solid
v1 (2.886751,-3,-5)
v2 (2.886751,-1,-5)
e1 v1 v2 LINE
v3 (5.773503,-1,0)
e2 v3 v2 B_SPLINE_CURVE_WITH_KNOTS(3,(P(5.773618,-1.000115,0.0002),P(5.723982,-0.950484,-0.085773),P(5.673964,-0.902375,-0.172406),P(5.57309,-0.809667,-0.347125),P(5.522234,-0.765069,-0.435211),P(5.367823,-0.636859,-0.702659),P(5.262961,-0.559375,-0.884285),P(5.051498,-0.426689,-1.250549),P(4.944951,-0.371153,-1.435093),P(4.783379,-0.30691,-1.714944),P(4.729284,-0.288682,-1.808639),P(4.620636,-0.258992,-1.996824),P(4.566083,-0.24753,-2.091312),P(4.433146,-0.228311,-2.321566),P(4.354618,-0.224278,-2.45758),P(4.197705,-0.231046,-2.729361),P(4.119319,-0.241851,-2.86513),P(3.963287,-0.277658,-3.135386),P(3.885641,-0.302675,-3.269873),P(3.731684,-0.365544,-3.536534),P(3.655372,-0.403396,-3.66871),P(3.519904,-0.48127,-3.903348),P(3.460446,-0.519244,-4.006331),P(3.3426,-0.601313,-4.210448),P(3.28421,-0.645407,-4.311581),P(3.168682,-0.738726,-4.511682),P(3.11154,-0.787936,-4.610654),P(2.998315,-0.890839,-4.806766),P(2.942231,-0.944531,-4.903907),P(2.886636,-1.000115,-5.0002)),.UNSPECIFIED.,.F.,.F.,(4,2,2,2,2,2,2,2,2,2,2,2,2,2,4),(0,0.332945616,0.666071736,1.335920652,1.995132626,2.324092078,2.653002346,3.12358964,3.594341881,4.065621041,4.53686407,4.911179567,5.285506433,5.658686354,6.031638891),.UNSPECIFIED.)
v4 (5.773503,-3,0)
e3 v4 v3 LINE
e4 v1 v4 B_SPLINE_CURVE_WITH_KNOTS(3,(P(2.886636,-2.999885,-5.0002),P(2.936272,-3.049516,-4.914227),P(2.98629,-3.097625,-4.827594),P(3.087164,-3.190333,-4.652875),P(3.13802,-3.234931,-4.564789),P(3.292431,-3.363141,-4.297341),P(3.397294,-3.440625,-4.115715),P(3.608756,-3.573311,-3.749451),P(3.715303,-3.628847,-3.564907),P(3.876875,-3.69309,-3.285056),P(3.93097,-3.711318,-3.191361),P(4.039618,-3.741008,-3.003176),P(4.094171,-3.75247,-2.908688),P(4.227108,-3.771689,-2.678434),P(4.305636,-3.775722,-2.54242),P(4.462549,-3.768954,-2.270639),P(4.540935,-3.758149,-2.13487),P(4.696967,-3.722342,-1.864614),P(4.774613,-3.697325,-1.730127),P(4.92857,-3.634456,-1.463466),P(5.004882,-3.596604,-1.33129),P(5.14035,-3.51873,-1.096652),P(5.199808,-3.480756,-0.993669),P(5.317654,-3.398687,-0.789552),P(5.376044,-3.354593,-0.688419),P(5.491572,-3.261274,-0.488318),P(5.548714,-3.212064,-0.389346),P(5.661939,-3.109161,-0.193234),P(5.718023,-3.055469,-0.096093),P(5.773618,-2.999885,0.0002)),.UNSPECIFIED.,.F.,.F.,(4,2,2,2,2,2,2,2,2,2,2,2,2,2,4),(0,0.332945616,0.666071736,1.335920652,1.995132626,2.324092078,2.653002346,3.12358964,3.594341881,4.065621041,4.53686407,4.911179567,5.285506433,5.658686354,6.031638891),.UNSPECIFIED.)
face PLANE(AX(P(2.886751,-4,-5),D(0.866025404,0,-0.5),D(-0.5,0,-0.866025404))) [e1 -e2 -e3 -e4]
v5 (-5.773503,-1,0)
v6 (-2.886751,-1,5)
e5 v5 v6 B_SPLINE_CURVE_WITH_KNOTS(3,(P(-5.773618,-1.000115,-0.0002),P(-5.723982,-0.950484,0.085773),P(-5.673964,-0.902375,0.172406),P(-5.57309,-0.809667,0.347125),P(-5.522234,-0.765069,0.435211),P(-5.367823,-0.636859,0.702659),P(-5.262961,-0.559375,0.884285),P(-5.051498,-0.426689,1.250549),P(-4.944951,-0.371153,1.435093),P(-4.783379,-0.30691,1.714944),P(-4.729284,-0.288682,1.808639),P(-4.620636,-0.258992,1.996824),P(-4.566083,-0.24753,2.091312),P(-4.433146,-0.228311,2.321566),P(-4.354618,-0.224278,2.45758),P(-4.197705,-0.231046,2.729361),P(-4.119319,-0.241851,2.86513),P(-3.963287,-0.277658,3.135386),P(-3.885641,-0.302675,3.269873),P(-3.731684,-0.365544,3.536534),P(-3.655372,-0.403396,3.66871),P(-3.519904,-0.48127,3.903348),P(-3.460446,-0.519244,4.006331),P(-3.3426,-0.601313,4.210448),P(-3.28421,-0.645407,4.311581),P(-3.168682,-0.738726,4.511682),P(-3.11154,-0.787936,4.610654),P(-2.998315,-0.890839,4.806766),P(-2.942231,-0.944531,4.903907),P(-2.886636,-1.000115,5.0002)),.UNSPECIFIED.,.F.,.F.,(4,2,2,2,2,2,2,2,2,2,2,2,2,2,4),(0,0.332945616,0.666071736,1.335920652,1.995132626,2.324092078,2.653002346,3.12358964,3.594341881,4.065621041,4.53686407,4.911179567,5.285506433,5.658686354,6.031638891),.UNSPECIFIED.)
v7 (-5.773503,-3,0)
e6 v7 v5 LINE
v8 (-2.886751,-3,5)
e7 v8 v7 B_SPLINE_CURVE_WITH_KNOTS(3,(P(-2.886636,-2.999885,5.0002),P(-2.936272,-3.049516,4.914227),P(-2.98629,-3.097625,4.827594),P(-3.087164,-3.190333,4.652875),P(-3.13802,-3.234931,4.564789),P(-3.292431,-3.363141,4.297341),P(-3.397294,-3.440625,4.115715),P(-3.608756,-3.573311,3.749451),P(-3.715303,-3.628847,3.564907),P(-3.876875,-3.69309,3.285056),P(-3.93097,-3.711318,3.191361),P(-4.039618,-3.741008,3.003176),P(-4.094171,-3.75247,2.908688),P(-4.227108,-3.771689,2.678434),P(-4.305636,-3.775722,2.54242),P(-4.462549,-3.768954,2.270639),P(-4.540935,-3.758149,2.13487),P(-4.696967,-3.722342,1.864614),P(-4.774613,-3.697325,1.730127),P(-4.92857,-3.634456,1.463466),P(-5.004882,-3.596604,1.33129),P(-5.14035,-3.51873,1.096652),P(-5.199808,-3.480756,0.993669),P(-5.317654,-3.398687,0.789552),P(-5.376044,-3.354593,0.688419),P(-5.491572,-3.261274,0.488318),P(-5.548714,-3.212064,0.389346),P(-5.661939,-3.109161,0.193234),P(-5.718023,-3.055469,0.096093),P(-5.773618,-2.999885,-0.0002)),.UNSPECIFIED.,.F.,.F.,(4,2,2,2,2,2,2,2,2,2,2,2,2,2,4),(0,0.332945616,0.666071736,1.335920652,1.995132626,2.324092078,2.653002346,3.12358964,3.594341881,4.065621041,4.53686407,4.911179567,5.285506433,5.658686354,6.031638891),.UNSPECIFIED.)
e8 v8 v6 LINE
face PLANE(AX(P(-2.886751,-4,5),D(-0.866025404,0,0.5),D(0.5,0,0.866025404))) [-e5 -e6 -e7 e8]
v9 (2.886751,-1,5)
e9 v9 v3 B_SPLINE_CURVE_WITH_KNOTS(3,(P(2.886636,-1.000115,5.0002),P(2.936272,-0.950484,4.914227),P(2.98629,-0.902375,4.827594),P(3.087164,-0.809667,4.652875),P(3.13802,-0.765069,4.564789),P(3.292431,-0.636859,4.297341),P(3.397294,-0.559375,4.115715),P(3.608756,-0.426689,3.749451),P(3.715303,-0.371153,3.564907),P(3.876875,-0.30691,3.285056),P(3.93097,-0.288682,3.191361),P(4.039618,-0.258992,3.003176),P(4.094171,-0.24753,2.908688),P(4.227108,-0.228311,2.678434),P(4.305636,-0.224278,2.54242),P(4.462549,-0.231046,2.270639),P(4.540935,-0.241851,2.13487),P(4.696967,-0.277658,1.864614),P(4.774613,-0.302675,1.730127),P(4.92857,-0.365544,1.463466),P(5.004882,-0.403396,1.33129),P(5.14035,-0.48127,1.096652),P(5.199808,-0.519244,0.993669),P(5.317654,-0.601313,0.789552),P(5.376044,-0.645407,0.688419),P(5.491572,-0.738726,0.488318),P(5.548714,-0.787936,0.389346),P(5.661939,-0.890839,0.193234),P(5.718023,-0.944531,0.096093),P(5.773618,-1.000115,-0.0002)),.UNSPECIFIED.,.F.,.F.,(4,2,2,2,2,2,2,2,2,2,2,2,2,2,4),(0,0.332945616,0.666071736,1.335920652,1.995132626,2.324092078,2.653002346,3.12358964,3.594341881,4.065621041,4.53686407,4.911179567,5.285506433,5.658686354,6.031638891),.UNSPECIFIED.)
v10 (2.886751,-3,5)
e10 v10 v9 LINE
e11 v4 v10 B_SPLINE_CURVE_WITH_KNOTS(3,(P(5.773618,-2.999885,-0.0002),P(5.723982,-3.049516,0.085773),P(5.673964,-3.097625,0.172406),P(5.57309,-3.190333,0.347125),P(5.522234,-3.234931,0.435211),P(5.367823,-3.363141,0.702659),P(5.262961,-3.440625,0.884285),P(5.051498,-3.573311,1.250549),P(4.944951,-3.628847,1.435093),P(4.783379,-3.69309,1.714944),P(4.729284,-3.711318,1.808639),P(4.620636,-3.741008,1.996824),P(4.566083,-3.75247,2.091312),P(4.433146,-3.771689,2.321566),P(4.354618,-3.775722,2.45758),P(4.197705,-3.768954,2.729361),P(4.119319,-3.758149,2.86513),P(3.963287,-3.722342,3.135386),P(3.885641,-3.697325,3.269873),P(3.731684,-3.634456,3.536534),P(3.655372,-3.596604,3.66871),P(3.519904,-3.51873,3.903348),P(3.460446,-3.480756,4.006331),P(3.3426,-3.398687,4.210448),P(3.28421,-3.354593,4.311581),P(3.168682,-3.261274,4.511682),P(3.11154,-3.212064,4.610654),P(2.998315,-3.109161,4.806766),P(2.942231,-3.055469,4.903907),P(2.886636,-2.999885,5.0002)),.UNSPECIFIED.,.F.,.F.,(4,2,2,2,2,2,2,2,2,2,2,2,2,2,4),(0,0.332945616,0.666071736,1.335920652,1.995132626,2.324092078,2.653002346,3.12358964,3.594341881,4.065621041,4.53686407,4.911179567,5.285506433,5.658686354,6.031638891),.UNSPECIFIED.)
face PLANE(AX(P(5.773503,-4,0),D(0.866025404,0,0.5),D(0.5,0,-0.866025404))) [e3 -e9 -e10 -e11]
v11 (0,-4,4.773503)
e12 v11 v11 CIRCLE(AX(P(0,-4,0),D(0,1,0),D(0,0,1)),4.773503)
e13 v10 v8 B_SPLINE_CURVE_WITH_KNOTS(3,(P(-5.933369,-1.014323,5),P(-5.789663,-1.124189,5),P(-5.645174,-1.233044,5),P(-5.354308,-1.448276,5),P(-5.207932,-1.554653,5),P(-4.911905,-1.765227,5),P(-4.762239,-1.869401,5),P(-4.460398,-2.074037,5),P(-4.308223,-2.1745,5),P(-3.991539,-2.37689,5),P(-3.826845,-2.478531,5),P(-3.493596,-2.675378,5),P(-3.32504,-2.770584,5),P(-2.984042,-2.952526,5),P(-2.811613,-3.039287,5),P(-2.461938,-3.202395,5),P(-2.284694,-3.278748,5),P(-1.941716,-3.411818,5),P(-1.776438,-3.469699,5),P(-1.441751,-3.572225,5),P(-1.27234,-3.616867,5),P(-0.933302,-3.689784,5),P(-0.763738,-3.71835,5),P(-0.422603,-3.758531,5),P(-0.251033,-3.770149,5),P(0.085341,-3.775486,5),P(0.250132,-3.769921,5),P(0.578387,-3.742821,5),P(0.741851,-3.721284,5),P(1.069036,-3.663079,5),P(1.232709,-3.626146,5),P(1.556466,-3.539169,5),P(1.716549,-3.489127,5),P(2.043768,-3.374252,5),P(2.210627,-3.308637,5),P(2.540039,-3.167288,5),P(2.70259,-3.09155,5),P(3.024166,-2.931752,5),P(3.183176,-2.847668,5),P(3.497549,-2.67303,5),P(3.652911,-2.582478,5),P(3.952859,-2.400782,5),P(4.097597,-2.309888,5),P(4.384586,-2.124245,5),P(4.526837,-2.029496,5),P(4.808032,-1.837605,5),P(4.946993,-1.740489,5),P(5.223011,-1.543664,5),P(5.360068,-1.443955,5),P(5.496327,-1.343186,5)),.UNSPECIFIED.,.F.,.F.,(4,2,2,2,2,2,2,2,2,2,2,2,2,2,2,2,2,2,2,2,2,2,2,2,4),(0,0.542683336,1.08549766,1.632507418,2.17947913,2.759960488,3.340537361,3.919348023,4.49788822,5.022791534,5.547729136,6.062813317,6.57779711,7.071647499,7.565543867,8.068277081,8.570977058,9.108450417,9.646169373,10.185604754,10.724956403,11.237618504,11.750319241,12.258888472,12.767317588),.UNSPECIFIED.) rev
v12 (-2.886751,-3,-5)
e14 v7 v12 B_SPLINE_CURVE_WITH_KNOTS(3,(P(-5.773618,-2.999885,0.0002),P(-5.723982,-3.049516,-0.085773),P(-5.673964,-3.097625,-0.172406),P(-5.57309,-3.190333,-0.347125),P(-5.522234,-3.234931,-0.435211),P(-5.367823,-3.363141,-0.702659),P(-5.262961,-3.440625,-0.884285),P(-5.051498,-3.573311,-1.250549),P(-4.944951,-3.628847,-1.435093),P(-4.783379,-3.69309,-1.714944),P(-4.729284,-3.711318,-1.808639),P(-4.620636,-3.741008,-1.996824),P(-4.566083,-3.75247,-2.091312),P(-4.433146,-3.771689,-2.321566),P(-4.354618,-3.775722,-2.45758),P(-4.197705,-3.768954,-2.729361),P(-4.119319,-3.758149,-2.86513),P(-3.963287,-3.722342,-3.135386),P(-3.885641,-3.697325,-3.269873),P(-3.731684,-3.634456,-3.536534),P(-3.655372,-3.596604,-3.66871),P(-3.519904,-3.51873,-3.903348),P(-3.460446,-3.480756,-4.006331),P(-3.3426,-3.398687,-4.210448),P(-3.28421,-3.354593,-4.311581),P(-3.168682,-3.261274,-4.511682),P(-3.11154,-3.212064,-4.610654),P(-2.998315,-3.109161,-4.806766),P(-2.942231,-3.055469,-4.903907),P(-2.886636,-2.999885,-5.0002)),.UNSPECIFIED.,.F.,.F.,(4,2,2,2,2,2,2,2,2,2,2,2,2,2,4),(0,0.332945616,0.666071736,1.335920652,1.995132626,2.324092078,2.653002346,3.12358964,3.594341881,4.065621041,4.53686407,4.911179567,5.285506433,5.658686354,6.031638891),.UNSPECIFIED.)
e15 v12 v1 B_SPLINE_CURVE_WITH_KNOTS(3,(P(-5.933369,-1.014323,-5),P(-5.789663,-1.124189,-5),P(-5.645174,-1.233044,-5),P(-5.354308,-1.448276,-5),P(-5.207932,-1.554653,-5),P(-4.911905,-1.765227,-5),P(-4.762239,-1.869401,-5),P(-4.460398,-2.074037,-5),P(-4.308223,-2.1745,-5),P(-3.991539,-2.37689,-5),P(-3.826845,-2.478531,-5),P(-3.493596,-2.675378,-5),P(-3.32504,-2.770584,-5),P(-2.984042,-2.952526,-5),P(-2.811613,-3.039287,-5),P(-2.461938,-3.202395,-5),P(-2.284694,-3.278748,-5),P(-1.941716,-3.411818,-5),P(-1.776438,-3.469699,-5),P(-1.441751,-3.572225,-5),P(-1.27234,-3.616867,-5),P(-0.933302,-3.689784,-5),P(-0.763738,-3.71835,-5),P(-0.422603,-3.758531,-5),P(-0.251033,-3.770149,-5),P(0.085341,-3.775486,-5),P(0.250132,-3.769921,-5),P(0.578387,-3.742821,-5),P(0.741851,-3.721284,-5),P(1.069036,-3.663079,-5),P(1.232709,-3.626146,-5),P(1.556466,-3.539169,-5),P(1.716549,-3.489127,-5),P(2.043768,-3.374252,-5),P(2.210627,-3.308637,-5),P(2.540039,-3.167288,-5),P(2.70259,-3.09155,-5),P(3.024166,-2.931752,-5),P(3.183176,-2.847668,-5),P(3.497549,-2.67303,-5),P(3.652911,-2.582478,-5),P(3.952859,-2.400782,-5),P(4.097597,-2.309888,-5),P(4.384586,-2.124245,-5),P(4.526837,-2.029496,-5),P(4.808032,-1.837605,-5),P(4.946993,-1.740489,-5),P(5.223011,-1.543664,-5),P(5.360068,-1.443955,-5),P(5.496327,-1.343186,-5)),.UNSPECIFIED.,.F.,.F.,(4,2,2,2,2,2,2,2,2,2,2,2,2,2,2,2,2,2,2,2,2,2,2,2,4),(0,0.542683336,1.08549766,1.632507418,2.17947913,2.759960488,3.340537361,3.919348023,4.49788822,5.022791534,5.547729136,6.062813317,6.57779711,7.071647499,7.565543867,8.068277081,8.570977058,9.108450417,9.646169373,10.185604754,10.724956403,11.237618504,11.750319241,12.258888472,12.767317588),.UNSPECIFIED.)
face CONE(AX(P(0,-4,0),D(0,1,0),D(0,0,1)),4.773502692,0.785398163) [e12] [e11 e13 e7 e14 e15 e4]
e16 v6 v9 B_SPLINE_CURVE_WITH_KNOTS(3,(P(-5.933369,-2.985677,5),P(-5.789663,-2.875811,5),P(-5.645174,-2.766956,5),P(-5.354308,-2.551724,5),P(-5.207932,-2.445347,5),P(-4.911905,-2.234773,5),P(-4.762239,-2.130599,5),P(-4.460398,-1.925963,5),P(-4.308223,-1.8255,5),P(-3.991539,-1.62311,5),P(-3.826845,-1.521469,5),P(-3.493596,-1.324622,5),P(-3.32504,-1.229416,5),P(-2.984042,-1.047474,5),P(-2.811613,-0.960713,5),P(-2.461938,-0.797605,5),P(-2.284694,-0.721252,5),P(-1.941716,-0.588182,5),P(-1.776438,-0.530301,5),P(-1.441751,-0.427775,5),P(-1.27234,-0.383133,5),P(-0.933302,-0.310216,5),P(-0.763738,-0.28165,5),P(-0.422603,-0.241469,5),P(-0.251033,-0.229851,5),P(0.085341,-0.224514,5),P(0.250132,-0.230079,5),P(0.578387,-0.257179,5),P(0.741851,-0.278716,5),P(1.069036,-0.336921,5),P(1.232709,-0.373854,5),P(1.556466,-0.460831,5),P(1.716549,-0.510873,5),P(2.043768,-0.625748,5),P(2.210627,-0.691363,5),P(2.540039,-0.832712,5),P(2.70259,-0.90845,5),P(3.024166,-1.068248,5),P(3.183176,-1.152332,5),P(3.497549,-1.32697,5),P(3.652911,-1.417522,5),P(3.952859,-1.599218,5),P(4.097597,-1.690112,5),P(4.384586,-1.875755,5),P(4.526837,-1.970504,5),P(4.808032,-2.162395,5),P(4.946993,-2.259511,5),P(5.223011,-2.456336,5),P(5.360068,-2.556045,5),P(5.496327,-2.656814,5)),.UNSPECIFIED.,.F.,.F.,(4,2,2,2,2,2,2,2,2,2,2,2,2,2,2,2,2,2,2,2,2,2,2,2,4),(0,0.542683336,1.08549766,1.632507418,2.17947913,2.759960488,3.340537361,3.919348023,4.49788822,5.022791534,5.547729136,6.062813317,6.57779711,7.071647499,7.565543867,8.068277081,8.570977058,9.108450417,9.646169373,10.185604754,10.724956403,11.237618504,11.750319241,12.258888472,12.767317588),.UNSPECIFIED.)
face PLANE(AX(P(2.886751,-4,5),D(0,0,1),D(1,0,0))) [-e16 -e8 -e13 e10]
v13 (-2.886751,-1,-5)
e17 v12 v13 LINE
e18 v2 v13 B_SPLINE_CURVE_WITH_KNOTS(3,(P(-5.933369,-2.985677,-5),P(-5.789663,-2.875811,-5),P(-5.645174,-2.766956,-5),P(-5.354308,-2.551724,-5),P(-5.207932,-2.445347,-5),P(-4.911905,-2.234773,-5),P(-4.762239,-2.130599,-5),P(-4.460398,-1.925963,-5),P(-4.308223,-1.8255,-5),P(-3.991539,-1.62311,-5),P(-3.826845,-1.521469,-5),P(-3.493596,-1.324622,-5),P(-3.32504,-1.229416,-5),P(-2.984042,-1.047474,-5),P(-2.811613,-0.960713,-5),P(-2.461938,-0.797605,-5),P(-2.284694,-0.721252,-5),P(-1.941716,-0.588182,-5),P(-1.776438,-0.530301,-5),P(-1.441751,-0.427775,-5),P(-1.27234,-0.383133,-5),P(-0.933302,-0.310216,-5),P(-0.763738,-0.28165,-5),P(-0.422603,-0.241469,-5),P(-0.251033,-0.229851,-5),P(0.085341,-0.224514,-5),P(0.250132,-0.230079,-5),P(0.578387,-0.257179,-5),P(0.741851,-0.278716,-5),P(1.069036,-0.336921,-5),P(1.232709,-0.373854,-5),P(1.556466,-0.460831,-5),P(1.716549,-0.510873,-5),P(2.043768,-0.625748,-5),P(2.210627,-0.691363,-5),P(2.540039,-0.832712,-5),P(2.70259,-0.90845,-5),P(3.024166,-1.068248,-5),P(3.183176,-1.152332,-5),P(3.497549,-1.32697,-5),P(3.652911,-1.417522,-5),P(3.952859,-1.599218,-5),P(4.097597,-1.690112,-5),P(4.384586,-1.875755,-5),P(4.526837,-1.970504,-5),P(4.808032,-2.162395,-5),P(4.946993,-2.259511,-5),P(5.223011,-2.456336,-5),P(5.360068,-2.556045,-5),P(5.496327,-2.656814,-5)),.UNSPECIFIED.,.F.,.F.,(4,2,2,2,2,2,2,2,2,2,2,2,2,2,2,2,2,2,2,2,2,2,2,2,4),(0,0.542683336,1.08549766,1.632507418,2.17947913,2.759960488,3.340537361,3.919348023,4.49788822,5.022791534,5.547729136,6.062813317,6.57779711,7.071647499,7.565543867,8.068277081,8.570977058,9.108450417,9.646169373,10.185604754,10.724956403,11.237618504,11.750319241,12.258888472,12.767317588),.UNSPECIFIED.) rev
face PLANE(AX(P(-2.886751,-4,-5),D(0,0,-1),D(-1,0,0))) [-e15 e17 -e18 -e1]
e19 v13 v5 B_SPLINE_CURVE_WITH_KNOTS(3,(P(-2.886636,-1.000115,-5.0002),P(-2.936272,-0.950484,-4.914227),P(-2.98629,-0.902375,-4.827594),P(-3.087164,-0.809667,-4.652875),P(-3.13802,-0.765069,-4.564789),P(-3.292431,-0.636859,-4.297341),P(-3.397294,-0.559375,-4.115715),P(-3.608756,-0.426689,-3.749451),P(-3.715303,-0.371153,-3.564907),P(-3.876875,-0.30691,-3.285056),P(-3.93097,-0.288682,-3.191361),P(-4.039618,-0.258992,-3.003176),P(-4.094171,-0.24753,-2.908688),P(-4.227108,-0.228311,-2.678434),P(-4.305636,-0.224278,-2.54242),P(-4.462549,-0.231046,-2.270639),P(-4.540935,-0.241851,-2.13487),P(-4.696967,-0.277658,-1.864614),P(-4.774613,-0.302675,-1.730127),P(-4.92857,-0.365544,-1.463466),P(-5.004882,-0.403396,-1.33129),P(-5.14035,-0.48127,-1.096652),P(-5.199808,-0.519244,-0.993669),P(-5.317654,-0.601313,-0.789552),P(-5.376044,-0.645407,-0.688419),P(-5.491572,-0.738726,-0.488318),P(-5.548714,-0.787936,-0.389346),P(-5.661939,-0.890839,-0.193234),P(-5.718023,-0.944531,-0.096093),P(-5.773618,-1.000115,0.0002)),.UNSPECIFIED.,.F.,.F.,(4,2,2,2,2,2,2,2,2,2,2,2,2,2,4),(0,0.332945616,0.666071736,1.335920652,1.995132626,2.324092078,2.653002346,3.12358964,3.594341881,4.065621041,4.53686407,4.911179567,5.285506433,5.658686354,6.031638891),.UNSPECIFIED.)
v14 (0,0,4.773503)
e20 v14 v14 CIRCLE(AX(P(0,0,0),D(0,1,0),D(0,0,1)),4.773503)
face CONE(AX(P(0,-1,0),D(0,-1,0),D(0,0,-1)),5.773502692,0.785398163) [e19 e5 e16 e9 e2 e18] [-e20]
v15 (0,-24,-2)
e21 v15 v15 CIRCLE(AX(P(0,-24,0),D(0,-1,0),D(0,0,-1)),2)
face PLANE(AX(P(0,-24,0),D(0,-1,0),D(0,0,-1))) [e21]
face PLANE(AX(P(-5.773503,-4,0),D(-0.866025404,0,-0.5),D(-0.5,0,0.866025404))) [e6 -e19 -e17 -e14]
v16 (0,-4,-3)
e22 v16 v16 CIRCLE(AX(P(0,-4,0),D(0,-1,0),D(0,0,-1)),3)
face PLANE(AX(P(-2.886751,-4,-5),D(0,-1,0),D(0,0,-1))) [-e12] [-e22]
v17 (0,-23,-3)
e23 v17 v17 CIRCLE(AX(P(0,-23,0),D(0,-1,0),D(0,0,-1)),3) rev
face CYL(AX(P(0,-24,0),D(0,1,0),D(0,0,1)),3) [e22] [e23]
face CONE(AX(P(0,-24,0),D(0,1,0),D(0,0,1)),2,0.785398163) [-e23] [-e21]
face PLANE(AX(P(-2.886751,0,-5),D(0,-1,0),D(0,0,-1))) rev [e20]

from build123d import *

# Parameters (mm, degrees)
EXTRUDE_1_DEPTH = 4
SKETCH_2_R      = 3
EXTRUDE_2_DEPTH = 20
CHAMFER_2_SIZE  = 1


with BuildPart() as part:
    # Эскиз1 → Вытянуть1 (new body)
    with BuildSketch(Plane(origin=(0, 0, 0), x_dir=(1, 0, 0), z_dir=(0, 1, 0))):
        Polygon((-2.886751346, 5), (2.886751346, 5), (5.773502692, 0), (2.886751346, -5), (-2.886751346, -5), (-5.773502692, 0), align=None)
    extrude(amount=-EXTRUDE_1_DEPTH)

    # Эскиз2 → Вытянуть2 (add)
    with BuildSketch(Plane.XZ.offset(4)):
        with Locations(Location((0, 0, 0), (0, 0, 270))):
            Circle(SKETCH_2_R)
    extrude(amount=EXTRUDE_2_DEPTH)

    # Фаска2
    chamfer_2_edges = [part.edges().sort_by_distance(p)[0] for p in [
        (0, -24, 3),
    ]]
    chamfer(chamfer_2_edges, length=CHAMFER_2_SIZE)

    # Эскиз3 → Вырез-Повернуть1 (revolve, cut)
    with BuildSketch(Plane.XY, mode=Mode.PRIVATE) as cut_revolve_1_sk:
        Polygon((-5.773502692, -1), (-4.773502692, 0), (-5.773502692, 0), align=None)
        Polygon((-5.773502692, -3), (-4.773502692, -4), (-5.773502692, -4), align=None)
    revolve(cut_revolve_1_sk.sketch.rotate(Axis((0, -4, 0), (0, -1, 0)), 270), axis=Axis((0, -4, 0), (0, -1, 0)), mode=Mode.SUBTRACT)


solid = part.part
